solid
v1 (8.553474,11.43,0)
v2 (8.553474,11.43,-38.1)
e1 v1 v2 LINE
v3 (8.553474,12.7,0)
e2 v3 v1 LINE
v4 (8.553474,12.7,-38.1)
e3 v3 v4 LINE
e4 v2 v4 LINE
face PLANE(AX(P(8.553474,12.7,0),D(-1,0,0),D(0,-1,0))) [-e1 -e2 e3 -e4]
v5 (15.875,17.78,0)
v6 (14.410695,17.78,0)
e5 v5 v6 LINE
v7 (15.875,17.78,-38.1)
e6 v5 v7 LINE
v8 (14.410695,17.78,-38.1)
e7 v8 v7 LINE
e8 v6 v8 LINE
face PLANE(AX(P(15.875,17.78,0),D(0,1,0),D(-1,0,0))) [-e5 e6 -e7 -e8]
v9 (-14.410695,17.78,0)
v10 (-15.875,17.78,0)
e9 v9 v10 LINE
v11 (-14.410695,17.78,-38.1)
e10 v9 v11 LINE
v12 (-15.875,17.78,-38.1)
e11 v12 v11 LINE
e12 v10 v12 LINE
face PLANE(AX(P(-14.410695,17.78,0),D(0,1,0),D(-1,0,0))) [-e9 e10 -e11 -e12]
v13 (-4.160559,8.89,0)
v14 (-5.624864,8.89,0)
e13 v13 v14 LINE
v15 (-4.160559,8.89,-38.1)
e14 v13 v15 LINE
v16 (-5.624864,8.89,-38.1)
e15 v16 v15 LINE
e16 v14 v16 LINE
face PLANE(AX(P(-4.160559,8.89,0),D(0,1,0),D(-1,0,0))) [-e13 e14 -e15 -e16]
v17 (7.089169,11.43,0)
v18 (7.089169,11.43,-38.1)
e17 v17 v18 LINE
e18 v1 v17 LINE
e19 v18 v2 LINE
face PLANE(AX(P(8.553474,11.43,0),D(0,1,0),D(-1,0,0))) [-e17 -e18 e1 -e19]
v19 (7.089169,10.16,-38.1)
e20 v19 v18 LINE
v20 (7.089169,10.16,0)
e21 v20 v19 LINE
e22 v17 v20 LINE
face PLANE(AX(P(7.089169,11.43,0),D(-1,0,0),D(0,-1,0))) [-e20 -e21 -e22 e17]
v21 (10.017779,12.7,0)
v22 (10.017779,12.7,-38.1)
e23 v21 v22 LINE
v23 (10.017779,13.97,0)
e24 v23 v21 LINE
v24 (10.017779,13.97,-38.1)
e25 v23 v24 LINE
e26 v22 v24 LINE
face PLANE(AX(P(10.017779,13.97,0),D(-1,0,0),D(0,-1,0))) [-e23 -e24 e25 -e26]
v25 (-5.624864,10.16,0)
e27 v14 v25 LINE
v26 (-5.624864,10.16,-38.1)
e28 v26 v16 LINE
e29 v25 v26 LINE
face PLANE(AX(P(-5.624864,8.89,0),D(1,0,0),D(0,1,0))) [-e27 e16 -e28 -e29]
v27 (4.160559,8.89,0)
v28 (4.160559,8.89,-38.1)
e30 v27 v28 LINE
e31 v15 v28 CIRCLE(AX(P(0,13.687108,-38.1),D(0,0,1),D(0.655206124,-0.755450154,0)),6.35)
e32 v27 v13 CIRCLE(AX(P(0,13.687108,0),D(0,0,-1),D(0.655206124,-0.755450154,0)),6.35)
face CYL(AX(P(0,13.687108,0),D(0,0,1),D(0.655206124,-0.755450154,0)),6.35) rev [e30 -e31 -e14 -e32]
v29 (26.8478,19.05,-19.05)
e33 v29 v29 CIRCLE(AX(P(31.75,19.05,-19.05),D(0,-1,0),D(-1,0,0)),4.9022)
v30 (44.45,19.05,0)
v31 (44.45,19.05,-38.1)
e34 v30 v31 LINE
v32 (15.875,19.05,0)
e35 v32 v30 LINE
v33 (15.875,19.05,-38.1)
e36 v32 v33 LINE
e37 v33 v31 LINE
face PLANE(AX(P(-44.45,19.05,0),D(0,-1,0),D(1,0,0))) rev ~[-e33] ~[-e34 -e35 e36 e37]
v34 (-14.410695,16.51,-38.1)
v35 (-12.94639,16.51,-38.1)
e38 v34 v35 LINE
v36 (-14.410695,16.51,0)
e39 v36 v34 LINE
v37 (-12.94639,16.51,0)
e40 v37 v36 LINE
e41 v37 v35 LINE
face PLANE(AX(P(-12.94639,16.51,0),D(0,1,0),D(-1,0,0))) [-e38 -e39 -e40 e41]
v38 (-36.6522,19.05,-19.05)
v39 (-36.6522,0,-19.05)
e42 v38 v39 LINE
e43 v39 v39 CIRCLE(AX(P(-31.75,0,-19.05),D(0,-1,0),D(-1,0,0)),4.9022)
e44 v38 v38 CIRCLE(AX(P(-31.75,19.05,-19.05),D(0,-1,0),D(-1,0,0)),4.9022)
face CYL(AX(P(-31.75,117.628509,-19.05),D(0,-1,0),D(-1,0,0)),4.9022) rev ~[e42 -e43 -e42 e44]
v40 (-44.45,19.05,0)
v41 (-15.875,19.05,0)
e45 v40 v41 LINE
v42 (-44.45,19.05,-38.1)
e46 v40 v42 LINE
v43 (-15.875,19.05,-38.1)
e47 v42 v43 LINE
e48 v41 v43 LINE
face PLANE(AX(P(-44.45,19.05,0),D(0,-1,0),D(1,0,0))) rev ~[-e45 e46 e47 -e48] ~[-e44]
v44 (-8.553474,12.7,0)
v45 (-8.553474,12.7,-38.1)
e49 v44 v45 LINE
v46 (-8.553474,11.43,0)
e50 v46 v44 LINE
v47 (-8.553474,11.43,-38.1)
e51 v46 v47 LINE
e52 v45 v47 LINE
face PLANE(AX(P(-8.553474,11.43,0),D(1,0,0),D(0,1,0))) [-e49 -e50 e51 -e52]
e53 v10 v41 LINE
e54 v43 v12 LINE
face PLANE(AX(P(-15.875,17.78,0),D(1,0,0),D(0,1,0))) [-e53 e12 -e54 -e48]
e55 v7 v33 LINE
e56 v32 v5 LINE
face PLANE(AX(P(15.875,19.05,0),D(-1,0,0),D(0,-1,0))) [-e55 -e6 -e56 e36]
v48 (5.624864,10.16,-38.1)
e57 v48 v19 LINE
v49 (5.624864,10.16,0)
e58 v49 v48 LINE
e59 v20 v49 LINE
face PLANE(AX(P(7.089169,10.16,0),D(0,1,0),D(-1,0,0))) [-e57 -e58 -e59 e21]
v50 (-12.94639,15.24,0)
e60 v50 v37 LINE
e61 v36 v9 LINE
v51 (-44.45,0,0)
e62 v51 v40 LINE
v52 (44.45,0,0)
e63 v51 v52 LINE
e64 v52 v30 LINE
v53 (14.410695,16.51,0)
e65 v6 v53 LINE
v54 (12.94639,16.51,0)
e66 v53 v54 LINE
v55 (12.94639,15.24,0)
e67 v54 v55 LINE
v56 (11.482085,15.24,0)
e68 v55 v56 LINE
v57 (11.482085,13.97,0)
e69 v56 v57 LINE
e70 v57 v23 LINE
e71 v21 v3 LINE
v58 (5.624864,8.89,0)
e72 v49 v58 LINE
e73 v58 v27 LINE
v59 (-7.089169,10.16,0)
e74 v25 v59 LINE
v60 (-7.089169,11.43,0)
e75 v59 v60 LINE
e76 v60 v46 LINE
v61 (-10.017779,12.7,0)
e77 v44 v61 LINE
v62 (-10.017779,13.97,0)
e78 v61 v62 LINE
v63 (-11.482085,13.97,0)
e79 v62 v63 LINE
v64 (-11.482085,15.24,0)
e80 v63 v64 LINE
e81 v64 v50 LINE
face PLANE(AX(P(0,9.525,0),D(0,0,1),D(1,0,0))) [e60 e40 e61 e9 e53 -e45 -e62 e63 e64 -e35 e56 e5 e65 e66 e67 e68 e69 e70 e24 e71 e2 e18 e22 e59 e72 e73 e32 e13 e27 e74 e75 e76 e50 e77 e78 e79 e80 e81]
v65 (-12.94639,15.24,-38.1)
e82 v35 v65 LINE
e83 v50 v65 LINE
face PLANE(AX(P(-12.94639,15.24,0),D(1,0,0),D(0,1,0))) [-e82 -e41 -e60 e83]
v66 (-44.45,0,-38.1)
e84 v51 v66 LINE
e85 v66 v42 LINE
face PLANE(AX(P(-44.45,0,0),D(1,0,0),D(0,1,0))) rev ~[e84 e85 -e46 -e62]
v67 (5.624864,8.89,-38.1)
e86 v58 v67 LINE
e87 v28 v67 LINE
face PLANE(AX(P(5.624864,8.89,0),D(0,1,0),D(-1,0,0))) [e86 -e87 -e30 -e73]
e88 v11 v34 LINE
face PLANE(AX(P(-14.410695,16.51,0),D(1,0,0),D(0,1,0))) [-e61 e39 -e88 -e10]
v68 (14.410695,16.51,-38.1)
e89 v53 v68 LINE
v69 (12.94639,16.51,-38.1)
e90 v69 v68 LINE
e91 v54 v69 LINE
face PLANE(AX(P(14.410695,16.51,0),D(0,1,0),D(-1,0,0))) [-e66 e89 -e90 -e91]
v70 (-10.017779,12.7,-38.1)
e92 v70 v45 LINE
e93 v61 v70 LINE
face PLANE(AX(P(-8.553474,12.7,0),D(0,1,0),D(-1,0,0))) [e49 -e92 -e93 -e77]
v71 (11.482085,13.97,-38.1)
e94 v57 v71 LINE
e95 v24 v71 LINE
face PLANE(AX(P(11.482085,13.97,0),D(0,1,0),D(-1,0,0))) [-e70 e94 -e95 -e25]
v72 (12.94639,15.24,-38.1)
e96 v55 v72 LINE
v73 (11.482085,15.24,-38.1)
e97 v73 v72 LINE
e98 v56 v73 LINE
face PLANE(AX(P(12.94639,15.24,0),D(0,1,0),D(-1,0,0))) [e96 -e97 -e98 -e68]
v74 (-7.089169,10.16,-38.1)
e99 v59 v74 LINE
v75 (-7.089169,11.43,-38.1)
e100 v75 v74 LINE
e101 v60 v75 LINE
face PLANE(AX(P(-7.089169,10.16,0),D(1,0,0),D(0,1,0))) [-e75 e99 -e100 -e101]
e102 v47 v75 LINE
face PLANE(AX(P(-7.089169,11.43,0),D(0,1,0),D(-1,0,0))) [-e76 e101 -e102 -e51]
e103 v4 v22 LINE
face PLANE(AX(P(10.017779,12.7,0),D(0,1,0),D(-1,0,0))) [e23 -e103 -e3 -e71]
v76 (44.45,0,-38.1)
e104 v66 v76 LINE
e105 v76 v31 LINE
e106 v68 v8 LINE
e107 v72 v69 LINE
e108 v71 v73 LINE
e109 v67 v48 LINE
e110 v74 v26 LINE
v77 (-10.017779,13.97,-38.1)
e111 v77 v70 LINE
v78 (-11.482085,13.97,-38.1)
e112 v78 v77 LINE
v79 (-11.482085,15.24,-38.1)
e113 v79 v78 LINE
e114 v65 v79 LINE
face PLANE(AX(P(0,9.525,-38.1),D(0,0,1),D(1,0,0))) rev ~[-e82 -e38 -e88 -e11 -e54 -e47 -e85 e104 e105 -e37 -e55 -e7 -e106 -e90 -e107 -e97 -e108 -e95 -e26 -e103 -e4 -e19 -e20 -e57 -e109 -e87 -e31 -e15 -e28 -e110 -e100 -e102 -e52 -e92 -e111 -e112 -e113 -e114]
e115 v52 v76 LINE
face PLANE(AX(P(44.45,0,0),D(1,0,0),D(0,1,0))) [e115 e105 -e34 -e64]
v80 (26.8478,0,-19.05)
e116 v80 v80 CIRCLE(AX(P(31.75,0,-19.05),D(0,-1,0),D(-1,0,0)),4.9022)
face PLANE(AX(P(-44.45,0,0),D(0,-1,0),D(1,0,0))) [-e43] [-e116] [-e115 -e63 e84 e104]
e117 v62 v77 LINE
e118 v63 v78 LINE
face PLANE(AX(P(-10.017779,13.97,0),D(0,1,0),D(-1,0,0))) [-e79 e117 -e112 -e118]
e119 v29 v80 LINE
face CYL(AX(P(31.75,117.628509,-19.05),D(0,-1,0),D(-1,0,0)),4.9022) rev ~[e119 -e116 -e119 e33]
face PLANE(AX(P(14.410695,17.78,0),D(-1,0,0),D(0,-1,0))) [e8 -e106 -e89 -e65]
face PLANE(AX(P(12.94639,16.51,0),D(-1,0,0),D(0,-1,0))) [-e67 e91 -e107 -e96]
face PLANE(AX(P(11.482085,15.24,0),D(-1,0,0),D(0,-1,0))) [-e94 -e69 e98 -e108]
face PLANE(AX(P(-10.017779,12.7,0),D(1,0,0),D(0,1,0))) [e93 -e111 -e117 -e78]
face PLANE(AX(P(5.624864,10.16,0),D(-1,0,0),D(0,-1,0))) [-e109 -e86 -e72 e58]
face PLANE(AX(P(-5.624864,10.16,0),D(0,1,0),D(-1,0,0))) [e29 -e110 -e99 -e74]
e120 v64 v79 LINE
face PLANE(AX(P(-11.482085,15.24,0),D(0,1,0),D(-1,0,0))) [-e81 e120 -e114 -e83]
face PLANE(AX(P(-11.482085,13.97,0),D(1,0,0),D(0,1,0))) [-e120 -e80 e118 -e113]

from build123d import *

# Parameters (mm, degrees)
SKETCH1_W               = 88.9
SKETCH1_H               = 19.05
BOSS_EXTRUDE1_DEPTH     = 38.1
CUT_EXTRUDE1_REACH      = 40.1
F_3_8_CLEARANCE_HOLE1_D = 9.8044


with BuildPart() as part:
    # Sketch1 → Boss-Extrude1 (new body)
    with BuildSketch(Plane.XY):
        with Locations((0, 9.525)):
            Rectangle(SKETCH1_W, SKETCH1_H)
    extrude(amount=-BOSS_EXTRUDE1_DEPTH)

    # Sketch2 → Cut-Extrude1 (cut, up to next)
    with BuildSketch(Plane.XY, mode=Mode.PRIVATE) as cut_extrude1_sk1:
        with BuildLine():
            Line((-15.875, 19.05), (0, 19.05))
            Line((0, 19.05), (15.875, 19.05))
            Line((15.875, 19.05), (15.875, 17.78))
            Line((15.875, 17.78), (14.410694861, 17.78))
            Line((14.410694861, 17.78), (14.410694861, 16.51))
            Line((14.410694861, 16.51), (12.946389723, 16.51))
            Line((12.946389723, 16.51), (12.946389723, 15.24))
            Line((12.946389723, 15.24), (11.482084584, 15.24))
            Line((11.482084584, 15.24), (11.482084584, 13.97))
            Line((11.482084584, 13.97), (10.017779445, 13.97))
            Line((10.017779445, 13.97), (10.017779445, 12.7))
            Line((10.017779445, 12.7), (8.553474306, 12.7))
            Line((8.553474306, 12.7), (8.553474306, 11.43))
            Line((8.553474306, 11.43), (7.089169168, 11.43))
            Line((7.089169168, 11.43), (7.089169168, 10.16))
            Line((7.089169168, 10.16), (5.624864029, 10.16))
            Line((5.624864029, 10.16), (5.624864029, 8.89))
            Line((5.624864029, 8.89), (4.16055889, 8.89))
            ThreePointArc((4.16055889, 8.89), (0, 7.337108475), (-4.16055889, 8.89))
            Line((-4.16055889, 8.89), (-5.624864029, 8.89))
            Line((-5.624864029, 8.89), (-5.624864029, 10.16))
            Line((-5.624864029, 10.16), (-7.089169168, 10.16))
            Line((-7.089169168, 10.16), (-7.089169168, 11.43))
            Line((-7.089169168, 11.43), (-8.553474306, 11.43))
            Line((-8.553474306, 11.43), (-8.553474306, 12.7))
            Line((-8.553474306, 12.7), (-10.017779445, 12.7))
            Line((-10.017779445, 12.7), (-10.017779445, 13.97))
            Line((-10.017779445, 13.97), (-11.482084584, 13.97))
            Line((-11.482084584, 13.97), (-11.482084584, 15.24))
            Line((-11.482084584, 15.24), (-12.946389723, 15.24))
            Line((-12.946389723, 15.24), (-12.946389723, 16.51))
            Line((-12.946389723, 16.51), (-14.410694861, 16.51))
            Line((-14.410694861, 16.51), (-14.410694861, 17.78))
            Line((-14.410694861, 17.78), (-15.875, 17.78))
            Line((-15.875, 17.78), (-15.875, 19.05))
        make_face()
    cut_extrude1_tool1 = extrude(cut_extrude1_sk1.sketch, amount=-CUT_EXTRUDE1_REACH, mode=Mode.PRIVATE) & part.part
    add(cut_extrude1_tool1.solids().sort_by_distance((0, 14.620592, 0))[0], mode=Mode.SUBTRACT)

    # 3/8 Clearance Hole1 (through all)
    with Locations(Plane(origin=(0, 19.05, 0), x_dir=(1, 0, 0), z_dir=(0, 1, 0))):
        with Locations((-31.75, 19.05), (31.75, 19.05)):
            Hole(F_3_8_CLEARANCE_HOLE1_D / 2)


solid = part.part
